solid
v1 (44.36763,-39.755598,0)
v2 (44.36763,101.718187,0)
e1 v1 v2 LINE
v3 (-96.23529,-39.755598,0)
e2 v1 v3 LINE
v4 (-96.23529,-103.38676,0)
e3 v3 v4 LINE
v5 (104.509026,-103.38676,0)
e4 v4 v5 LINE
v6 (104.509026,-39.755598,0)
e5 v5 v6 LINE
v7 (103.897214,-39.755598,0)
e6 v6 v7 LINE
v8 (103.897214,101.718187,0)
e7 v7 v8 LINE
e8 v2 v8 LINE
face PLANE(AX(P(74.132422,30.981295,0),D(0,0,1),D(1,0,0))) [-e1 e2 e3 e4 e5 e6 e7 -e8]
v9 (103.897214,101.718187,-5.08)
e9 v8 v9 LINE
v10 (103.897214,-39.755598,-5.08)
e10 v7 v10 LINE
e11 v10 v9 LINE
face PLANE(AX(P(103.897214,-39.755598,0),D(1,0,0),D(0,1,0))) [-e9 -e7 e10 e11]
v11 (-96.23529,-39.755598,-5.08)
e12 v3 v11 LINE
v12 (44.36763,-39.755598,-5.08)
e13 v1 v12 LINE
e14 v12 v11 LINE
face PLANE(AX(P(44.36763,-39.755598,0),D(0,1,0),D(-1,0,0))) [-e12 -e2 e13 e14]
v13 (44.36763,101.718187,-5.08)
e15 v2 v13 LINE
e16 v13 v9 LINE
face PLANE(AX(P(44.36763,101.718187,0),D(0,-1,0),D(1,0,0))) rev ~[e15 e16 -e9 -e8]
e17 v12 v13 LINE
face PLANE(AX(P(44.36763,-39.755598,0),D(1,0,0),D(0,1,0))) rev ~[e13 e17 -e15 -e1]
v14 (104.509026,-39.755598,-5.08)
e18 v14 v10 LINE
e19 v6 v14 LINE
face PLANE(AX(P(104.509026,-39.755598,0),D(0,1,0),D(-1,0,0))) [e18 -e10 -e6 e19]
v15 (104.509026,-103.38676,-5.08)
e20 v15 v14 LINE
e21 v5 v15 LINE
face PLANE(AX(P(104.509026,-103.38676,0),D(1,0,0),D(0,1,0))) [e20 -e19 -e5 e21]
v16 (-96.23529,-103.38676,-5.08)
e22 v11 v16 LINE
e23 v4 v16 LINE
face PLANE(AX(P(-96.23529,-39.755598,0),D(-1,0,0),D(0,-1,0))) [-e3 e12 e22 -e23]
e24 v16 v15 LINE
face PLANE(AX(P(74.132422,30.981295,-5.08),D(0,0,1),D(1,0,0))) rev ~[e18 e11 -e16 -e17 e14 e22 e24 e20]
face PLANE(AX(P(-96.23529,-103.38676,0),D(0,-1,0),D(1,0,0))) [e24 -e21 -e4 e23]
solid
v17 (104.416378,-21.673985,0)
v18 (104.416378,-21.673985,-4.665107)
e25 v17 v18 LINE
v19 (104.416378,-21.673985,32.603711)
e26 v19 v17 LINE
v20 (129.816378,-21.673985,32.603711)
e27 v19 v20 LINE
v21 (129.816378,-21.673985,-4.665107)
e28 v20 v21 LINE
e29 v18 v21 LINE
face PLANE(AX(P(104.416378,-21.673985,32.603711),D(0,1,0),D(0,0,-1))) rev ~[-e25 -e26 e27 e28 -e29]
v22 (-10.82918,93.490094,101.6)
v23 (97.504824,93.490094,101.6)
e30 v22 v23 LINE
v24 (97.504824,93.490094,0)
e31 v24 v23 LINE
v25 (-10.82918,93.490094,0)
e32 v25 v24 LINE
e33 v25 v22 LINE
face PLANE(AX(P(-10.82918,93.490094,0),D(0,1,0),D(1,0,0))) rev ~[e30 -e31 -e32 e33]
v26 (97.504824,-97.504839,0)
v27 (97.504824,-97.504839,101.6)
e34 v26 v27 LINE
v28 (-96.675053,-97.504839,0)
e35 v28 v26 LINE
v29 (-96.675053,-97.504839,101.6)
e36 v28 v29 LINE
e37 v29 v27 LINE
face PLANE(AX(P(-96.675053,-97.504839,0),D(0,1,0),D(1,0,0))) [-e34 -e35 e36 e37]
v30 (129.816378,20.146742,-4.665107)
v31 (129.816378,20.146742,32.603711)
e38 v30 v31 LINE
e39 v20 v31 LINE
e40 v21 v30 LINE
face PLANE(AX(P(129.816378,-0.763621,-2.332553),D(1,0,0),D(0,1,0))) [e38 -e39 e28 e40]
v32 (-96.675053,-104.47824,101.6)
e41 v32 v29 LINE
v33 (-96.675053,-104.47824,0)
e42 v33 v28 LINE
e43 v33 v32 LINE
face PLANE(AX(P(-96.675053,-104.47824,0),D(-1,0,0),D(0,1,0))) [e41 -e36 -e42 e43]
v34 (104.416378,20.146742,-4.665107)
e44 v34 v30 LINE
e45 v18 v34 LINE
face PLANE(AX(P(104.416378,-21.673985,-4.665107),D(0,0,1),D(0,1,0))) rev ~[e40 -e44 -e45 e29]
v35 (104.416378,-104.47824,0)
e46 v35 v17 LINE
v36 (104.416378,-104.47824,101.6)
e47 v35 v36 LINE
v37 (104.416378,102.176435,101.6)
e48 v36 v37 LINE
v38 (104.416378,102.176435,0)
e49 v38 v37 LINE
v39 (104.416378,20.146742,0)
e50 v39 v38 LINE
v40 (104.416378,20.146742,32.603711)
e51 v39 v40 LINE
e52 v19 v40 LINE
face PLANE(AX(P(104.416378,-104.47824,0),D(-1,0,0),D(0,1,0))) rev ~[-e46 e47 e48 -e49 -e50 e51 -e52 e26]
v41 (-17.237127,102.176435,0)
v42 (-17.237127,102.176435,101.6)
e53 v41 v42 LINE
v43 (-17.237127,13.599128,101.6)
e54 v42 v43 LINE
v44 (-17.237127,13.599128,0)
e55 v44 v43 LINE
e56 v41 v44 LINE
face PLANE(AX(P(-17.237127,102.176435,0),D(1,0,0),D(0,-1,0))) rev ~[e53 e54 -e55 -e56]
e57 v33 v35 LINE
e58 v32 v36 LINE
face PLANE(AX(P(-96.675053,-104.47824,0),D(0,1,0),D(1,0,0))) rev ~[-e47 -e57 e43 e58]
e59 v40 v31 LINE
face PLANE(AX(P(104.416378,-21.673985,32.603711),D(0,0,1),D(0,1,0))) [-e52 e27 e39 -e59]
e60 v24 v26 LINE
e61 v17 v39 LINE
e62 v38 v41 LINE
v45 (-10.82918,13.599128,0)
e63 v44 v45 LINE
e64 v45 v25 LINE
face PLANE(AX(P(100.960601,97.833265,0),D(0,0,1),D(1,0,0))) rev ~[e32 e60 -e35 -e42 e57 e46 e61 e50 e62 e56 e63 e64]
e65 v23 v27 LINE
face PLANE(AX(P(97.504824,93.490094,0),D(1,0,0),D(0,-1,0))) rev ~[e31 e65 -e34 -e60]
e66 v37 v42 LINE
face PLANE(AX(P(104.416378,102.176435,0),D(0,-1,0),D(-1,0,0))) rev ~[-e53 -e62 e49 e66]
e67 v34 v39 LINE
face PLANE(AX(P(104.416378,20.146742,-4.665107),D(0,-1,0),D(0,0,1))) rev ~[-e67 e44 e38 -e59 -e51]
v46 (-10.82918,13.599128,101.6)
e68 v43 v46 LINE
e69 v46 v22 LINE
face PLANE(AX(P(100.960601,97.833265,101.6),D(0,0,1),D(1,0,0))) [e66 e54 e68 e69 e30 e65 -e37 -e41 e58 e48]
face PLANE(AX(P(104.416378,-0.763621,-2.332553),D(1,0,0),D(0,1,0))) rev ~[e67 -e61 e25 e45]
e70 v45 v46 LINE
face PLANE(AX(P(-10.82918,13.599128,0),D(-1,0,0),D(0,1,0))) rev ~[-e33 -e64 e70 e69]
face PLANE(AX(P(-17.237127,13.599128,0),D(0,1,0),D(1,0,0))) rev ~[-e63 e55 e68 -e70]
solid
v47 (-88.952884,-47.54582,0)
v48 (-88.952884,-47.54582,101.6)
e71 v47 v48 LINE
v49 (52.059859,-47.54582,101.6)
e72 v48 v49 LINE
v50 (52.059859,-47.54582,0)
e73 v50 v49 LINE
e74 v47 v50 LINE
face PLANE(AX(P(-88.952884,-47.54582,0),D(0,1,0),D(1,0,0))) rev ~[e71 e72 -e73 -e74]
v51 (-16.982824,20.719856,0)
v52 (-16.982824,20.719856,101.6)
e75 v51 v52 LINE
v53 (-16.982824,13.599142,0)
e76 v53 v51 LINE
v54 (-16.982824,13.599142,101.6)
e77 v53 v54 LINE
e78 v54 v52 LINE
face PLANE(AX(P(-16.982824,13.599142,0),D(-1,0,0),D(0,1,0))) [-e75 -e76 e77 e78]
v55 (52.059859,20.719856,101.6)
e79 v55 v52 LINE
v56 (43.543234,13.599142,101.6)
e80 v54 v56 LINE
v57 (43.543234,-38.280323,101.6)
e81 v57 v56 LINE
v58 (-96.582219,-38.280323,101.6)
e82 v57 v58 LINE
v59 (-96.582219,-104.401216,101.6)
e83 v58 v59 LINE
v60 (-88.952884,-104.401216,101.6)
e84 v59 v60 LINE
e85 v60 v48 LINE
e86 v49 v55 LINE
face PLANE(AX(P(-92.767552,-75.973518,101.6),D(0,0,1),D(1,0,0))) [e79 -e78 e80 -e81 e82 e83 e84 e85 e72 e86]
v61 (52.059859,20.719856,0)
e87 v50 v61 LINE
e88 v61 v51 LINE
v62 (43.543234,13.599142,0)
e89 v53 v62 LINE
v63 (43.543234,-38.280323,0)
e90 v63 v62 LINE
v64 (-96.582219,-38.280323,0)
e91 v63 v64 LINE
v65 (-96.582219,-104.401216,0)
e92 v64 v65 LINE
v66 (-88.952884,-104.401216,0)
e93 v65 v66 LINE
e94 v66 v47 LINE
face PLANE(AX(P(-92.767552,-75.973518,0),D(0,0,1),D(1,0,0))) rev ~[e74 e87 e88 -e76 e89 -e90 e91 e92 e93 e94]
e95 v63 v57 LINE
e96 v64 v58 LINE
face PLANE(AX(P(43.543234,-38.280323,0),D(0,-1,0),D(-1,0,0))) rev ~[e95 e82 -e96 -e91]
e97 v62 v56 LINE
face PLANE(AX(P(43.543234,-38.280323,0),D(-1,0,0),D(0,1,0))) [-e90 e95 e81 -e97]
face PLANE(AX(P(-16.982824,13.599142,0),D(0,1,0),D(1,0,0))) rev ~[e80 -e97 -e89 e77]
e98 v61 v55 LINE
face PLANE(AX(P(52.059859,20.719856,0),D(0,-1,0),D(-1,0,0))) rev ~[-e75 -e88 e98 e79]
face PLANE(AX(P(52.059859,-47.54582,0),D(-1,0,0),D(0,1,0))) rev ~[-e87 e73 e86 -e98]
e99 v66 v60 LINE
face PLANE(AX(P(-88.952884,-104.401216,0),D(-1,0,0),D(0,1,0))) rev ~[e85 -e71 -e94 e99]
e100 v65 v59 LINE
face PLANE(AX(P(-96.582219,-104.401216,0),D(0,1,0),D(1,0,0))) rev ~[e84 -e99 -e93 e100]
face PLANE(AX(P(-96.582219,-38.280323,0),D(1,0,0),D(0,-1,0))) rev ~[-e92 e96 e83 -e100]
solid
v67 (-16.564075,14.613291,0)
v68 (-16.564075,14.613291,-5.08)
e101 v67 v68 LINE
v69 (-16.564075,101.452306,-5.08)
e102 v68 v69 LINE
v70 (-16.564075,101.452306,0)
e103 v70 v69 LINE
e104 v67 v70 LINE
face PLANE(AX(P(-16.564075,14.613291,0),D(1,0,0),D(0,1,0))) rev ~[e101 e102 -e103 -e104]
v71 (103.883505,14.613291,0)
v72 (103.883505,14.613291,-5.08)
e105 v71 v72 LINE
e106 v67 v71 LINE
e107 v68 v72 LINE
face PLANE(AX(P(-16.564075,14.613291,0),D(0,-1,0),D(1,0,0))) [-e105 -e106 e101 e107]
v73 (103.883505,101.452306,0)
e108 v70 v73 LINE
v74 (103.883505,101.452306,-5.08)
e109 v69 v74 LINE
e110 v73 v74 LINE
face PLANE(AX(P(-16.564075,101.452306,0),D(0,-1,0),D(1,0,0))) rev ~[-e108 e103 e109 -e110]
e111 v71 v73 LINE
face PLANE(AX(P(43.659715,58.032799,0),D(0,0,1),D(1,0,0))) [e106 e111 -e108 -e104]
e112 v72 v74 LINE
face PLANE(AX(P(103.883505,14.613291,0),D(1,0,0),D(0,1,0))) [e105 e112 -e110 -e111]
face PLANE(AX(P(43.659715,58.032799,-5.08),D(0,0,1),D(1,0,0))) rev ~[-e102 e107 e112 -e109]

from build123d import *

# Parameters (mm, degrees)
F0_W     = 6.9115534425
F0_H     = 8.6863413453
F0_W_2   = 194.1798776388
F0_H_2   = 6.973400712
F0_W_3   = 108.334004879
F2_DEPTH = 101.6
F1_W     = 7.6293349266
F1_H     = 56.8553954363
F1_W_2   = 132.4961185455
F1_H_2   = 9.2654973269
F1_W_3   = 8.5166245699
F1_H_3   = 51.87946558
F1_W_4   = 60.5260580778
F1_H_4   = 7.1207135916
F3_W     = 59.5295839012
F3_H     = 141.4737850428
F5_DEPTH = 5.08
F4_W     = 120.4475797713
F4_H     = 86.8390146643
F6_W     = 41.8207272887
F6_H     = 4.665106535
F6_H_2   = 32.6037108898
F7_DEPTH = 25.4


with BuildPart() as f2:
    # F0 (on Top) → F2 (new body)
    with BuildSketch(Plane.XY):
        with Locations((100.9606011212, 97.8332646191)):
            Rectangle(F0_W, F0_H)
        Polygon((97.5048243999, 93.4900939465), (97.5048243999, -97.5048393011), (97.5048243999, -104.4782400131), (104.4163778424, -104.4782400131), (104.4163778424, 93.4900939465), align=None)
        with Locations((0.4148855805, -100.9915396571)):
            Rectangle(F0_W_2, F0_H_2)
        Polygon((-10.829180479, 13.5991275311), (-10.829180479, 93.4900939465), (-10.829180479, 102.1764352918), (-17.2371268272, 102.1764352918), (-17.2371268272, 13.5991275311), align=None)
        with Locations((43.3378219604, 97.8332646191)):
            Rectangle(F0_W_3, F0_H)
    extrude(amount=F2_DEPTH)

    # F6 (on face) → F7 (join)
    with BuildSketch(Plane.YZ.offset(104.4163778424)):
        with Locations((-0.7636211812, -2.3325532675)):
            Rectangle(F6_W, F6_H)
        with Locations((-0.7636211812, 16.3018554449)):
            Rectangle(F6_W, F6_H_2)
    extrude(amount=F7_DEPTH)


with BuildPart() as f2b:
    # F1 (on Top) → F2, piece 2 (new body)
    with BuildSketch(Plane.XY):
        with Locations((-92.7675515413, -75.9735181928)):
            Rectangle(F1_W, F1_H)
        with Locations((-22.7048248053, -42.9130718112)):
            Rectangle(F1_W_2, F1_H_2)
        with Locations((-92.7675515413, -42.9130718112)):
            Rectangle(F1_W, F1_H_2)
        with Locations((47.8015467525, -12.3405903578)):
            Rectangle(F1_W_3, F1_H_3)
        with Locations((47.8015467525, -42.9130718112)):
            Rectangle(F1_W_3, F1_H_2)
        with Locations((13.2802054286, 17.159499228)):
            Rectangle(F1_W_4, F1_H_4)
        with Locations((47.8015467525, 17.159499228)):
            Rectangle(F1_W_3, F1_H_4)
    extrude(amount=F2_DEPTH)


with BuildPart() as f5:
    # F3 (on Top) → F5 (new body)
    with BuildSketch(Plane.XY):
        with Locations((74.1324219853, 30.9812948108)):
            Rectangle(F3_W, F3_H)
        Polygon((-96.2352901697, -39.7555977106), (-96.2352901697, -103.386759758), (104.5090258121, -103.386759758), (104.5090258121, -39.7555977106), (103.8972139359, -39.7555977106), (44.3676300347, -39.7555977106), align=None)
    extrude(amount=-F5_DEPTH)


with BuildPart() as f5b:
    # F4 (on Top) → F5, piece 2 (new body)
    with BuildSketch(Plane.XY):
        with Locations((43.6597149819, 58.0327985808)):
            Rectangle(F4_W, F4_H)
    extrude(amount=-F5_DEPTH)


solid = Compound([f2.part, f2b.part, f5.part, f5b.part])
